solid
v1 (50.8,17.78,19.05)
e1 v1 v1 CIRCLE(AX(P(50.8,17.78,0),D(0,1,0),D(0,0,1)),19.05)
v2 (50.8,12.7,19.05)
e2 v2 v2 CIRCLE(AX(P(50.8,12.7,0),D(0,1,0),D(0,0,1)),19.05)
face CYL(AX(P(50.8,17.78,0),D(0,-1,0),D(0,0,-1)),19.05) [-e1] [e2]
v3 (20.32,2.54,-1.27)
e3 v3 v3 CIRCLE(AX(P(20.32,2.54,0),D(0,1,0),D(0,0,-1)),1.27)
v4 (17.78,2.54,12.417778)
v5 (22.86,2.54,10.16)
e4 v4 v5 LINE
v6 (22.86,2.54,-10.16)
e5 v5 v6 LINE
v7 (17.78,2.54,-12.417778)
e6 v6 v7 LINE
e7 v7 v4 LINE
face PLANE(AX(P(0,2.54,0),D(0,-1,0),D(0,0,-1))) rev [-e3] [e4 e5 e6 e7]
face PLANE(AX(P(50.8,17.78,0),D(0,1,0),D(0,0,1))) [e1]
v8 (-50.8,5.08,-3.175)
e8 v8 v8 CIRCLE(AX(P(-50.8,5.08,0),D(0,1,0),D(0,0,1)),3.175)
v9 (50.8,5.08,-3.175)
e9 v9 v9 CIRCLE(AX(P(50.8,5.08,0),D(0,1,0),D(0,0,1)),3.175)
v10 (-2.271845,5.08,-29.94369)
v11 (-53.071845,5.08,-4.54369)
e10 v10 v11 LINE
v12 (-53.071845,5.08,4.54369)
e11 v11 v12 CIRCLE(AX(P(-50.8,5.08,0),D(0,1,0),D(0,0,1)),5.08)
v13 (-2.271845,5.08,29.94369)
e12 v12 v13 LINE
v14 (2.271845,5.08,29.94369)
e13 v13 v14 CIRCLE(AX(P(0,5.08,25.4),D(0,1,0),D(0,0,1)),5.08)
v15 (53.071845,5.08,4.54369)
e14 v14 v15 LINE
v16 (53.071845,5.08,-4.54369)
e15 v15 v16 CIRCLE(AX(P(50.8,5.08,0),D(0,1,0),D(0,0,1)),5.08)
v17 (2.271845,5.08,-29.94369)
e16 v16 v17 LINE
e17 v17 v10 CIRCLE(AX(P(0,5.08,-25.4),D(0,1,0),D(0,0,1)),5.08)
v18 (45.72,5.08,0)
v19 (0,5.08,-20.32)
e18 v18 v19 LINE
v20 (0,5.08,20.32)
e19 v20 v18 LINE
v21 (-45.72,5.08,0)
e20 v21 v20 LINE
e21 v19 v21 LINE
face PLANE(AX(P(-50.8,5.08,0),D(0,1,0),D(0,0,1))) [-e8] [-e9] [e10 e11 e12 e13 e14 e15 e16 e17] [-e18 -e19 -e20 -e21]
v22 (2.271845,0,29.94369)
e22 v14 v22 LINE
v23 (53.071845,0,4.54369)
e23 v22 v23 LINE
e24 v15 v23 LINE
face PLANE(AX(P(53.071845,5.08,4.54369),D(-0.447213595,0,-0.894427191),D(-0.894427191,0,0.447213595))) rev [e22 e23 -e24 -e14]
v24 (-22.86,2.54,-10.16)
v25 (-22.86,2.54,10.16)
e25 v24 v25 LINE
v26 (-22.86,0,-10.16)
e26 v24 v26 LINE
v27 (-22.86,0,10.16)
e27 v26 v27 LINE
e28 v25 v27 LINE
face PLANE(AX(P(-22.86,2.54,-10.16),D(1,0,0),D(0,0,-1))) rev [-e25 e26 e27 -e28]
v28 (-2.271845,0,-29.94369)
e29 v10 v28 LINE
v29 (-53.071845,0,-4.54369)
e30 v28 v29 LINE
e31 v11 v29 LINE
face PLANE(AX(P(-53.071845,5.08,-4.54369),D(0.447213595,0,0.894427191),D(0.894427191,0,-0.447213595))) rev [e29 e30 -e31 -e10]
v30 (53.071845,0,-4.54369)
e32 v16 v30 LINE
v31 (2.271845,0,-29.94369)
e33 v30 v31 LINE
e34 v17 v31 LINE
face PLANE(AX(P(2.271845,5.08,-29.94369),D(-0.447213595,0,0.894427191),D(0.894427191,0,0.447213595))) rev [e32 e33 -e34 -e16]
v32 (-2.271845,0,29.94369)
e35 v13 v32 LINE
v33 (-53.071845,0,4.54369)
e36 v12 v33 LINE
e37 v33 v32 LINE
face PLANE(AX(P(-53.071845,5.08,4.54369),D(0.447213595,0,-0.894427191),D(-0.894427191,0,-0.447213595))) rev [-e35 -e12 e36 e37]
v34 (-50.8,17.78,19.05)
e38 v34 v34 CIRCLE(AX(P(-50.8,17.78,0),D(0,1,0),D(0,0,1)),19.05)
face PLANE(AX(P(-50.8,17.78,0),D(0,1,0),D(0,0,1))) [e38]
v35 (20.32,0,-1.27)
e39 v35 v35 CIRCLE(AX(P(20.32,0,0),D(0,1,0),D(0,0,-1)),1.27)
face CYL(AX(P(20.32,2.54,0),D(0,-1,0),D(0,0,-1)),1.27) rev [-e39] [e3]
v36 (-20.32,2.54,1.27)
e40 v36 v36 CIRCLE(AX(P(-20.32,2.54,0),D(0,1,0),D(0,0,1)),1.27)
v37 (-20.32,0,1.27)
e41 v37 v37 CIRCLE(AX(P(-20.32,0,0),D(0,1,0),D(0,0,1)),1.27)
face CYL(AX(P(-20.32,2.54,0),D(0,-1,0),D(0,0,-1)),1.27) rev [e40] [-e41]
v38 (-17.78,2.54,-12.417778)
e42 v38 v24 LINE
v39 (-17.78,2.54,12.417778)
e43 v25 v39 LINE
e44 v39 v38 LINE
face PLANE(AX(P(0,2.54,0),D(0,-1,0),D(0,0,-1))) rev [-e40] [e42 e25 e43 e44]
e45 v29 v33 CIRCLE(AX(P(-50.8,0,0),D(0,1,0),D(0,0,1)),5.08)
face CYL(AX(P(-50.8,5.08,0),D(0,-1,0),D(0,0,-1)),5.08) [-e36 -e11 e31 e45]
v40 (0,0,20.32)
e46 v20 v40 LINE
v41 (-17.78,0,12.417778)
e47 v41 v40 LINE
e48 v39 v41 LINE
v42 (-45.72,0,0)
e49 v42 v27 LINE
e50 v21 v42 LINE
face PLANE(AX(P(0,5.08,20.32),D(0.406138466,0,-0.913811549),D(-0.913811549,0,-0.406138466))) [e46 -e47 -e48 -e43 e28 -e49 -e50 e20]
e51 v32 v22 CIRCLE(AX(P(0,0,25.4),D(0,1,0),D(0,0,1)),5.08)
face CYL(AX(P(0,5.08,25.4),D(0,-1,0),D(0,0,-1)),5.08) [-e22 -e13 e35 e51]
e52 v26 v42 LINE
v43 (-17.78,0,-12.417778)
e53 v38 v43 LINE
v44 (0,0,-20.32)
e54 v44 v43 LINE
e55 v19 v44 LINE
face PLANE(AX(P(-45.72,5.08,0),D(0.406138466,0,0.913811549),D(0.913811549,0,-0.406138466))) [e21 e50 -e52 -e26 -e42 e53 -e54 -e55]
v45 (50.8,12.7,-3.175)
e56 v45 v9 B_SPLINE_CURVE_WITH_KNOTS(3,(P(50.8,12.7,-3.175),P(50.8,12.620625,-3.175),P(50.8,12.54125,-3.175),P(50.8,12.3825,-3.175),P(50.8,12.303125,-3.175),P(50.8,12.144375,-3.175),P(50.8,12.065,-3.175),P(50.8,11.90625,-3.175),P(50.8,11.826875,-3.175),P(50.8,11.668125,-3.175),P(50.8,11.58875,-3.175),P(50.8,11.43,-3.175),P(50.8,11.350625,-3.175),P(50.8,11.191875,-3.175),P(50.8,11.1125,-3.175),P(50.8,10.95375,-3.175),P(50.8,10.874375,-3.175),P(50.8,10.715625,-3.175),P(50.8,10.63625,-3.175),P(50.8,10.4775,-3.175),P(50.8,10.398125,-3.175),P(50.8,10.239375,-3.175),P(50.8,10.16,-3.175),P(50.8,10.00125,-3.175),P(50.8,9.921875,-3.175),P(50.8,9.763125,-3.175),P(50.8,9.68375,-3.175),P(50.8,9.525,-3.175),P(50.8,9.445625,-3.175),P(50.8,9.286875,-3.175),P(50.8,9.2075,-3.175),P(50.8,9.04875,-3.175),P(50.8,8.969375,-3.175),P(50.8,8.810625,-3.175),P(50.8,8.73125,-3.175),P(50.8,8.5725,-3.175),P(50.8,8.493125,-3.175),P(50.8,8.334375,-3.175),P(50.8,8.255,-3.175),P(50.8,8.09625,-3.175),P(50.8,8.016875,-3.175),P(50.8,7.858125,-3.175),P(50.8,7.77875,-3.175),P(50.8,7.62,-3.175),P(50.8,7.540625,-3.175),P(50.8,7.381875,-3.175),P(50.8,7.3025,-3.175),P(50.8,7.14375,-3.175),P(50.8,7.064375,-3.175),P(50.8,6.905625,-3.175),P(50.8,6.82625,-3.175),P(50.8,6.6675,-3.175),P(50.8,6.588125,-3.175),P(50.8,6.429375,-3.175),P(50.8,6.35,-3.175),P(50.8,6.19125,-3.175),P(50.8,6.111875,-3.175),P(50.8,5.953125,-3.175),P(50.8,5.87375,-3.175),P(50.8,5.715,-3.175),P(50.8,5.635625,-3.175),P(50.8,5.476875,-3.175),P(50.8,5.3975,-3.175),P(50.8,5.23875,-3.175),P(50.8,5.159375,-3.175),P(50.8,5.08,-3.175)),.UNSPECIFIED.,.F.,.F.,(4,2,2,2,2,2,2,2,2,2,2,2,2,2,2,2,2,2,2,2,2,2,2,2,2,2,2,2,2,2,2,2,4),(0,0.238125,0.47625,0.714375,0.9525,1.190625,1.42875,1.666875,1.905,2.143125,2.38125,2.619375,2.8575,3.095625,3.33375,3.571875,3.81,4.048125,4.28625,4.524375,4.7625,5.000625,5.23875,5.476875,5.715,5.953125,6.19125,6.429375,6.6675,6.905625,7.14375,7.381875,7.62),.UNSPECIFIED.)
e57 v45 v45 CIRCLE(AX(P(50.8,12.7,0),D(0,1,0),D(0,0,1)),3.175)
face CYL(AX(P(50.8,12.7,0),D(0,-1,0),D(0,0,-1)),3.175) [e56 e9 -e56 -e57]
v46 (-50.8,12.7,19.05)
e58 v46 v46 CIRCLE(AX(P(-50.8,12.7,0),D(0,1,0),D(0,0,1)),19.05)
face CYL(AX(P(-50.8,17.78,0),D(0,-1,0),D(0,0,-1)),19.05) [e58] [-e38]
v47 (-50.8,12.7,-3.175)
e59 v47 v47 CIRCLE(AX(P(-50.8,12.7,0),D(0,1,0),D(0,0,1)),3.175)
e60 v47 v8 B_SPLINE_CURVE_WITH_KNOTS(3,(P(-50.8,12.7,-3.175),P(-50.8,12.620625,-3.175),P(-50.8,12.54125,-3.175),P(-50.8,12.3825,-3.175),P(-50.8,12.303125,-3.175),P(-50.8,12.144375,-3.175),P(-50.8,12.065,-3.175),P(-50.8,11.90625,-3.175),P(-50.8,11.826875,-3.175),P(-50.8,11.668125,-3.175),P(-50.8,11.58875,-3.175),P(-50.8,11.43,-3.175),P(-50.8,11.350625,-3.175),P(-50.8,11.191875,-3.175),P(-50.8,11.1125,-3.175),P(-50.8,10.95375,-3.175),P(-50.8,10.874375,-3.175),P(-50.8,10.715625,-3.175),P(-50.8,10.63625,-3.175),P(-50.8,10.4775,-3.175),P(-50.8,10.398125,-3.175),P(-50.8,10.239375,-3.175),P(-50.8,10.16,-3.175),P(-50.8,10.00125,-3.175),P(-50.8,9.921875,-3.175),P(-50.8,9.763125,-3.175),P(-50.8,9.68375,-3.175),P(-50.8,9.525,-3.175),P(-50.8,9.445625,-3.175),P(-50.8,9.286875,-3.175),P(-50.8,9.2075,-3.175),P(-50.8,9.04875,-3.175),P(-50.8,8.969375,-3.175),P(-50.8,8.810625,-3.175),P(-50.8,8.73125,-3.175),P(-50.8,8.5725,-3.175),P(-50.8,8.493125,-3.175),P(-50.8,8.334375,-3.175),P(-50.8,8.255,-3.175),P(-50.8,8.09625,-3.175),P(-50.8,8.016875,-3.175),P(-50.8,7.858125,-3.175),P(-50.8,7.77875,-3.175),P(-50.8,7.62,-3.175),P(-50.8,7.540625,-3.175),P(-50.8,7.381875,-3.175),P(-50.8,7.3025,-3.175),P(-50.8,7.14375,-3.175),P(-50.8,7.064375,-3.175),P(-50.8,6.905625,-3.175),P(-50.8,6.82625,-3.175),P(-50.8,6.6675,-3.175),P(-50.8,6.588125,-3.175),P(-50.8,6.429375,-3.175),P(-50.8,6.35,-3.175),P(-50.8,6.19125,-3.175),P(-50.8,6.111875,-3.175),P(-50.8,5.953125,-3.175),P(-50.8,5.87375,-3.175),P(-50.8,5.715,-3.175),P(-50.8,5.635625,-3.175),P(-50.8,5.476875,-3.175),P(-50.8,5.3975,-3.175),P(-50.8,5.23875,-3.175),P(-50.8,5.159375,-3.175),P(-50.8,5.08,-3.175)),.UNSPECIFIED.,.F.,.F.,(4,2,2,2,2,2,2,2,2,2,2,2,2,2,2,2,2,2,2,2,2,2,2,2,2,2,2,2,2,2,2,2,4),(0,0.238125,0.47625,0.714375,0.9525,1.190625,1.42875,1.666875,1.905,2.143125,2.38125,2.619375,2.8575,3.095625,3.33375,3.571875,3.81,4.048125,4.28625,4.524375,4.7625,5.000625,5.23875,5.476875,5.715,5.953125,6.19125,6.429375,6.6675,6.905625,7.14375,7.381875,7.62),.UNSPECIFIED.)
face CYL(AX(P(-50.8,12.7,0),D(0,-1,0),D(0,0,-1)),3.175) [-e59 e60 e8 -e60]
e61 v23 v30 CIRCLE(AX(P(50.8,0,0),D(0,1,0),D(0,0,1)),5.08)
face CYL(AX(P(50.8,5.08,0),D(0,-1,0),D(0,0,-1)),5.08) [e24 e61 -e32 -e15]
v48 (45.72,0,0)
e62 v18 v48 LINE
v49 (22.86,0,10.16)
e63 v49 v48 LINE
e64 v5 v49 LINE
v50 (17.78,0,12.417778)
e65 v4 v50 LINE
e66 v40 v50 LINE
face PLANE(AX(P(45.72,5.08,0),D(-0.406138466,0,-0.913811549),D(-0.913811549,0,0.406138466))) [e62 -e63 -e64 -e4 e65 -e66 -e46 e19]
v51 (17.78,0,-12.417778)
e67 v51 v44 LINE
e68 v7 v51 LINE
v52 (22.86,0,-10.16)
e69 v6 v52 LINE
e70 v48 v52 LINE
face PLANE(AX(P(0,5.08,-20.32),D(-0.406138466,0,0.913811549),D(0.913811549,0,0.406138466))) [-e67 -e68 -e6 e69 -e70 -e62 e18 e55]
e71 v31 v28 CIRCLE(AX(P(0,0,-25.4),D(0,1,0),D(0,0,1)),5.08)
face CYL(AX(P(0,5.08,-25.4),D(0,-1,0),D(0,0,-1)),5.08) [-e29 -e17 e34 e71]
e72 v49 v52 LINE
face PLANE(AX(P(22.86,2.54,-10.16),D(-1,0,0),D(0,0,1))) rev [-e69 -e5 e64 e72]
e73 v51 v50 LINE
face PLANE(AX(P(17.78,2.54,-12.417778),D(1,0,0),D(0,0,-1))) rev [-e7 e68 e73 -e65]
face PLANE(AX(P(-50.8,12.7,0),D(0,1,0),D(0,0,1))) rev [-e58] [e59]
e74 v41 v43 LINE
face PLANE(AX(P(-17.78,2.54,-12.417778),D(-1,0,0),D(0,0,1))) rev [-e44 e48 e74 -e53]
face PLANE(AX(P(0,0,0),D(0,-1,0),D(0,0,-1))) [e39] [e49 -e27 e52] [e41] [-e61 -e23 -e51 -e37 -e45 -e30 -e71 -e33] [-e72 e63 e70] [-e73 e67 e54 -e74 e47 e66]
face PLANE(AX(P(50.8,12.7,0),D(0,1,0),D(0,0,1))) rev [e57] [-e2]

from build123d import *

# Parameters (mm, degrees)
SKETCH5_R             = 1.27
BOSS_EXTRUDE2_DEPTH   = 2.54
BOSS_EXTRUDE2_2_DEPTH = 2.54
BOSS_EXTRUDE1_DEPTH   = 5.08
SKETCH6_R             = 3.175
BOSS_EXTRUDE3_DEPTH   = 7.62
SKETCH11_R            = 19.05
BOSS_EXTRUDE4_DEPTH   = 5.08
SKETCH13_R            = 19.05
BOSS_EXTRUDE5_DEPTH   = 5.08


with BuildPart() as part:
    # Sketch5 → Boss-Extrude2 (new body)
    with BuildSketch(Plane(origin=(0, 0, 0), x_dir=(1, 0, 0), z_dir=(0, 1, 0))):
        Polygon((-22.86, 10.16), (-22.86, -10.16), (-17.78, -12.417777778), (-17.78, 12.417777778), align=None)
        with Locations(Location((-20.32, 0, 0), (0, 0, 270))):
            Circle(SKETCH5_R, mode=Mode.SUBTRACT)
    extrude(amount=BOSS_EXTRUDE2_DEPTH)



with BuildPart() as body_2:
    # Sketch5 → Boss-Extrude2 2 (new body)
    with BuildSketch(Plane(origin=(0, 0, 0), x_dir=(1, 0, 0), z_dir=(0, 1, 0))):
        Polygon((22.86, 10.16), (17.78, 12.417777778), (17.78, -12.417777778), (22.86, -10.16), align=None)
        with Locations(Location((20.32, 0, 0), (0, 0, 90))):
            Circle(SKETCH5_R, mode=Mode.SUBTRACT)
    extrude(amount=BOSS_EXTRUDE2_2_DEPTH)


with BuildPart() as part_1:
    add(part.part)

    add(body_2.part)  # Boss-Extrude1 merges body 2
    # Sketch2 → Boss-Extrude1 (add)
    with BuildSketch(Plane(origin=(0, 0, 0), x_dir=(1, 0, 0), z_dir=(0, 1, 0))):
        with BuildLine():
            Line((-53.071845065, -4.54369013), (-2.271845065, -29.94369013))
            ThreePointArc((-2.271845065, -29.94369013), (0, -30.48), (2.271845065, -29.94369013))
            Line((2.271845065, -29.94369013), (53.071845065, -4.54369013))
            ThreePointArc((53.071845065, -4.54369013), (55.88, 0), (53.071845065, 4.54369013))
            Line((53.071845065, 4.54369013), (2.271845065, 29.94369013))
            ThreePointArc((2.271845065, 29.94369013), (0, 30.48), (-2.271845065, 29.94369013))
            Line((-2.271845065, 29.94369013), (-53.071845065, 4.54369013))
            ThreePointArc((-53.071845065, 4.54369013), (-55.88, 0), (-53.071845065, -4.54369013))
        make_face()
        Polygon((-45.72, 0), (0, 20.32), (45.72, 0), (0, -20.32), align=None, mode=Mode.SUBTRACT)
    extrude(amount=BOSS_EXTRUDE1_DEPTH)

    # Sketch6 → Boss-Extrude3 (add)
    with BuildSketch(Plane(origin=(0, 5.08, 0), x_dir=(1, 0, 0), z_dir=(0, 1, 0))):
        with Locations(Location((-50.8, 0, 0), (0, 0, 90))):
            Circle(SKETCH6_R)
        with Locations(Location((50.8, 0, 0), (0, 0, 90))):
            Circle(SKETCH6_R)
    extrude(amount=BOSS_EXTRUDE3_DEPTH)

    # Sketch11 → Boss-Extrude4 (add)
    with BuildSketch(Plane(origin=(0, 12.7, 0), x_dir=(1, 0, 0), z_dir=(0, 1, 0))):
        with Locations(Location((-50.8, 0, 0), (0, 0, 270))):
            Circle(SKETCH11_R)
    extrude(amount=BOSS_EXTRUDE4_DEPTH)

    # Sketch13 → Boss-Extrude5 (add)
    with BuildSketch(Plane(origin=(0, 12.7, 0), x_dir=(1, 0, 0), z_dir=(0, 1, 0))):
        with Locations(Location((50.8, 0, 0), (0, 0, 270))):
            Circle(SKETCH13_R)
    extrude(amount=BOSS_EXTRUDE5_DEPTH)


solid = part_1.part
